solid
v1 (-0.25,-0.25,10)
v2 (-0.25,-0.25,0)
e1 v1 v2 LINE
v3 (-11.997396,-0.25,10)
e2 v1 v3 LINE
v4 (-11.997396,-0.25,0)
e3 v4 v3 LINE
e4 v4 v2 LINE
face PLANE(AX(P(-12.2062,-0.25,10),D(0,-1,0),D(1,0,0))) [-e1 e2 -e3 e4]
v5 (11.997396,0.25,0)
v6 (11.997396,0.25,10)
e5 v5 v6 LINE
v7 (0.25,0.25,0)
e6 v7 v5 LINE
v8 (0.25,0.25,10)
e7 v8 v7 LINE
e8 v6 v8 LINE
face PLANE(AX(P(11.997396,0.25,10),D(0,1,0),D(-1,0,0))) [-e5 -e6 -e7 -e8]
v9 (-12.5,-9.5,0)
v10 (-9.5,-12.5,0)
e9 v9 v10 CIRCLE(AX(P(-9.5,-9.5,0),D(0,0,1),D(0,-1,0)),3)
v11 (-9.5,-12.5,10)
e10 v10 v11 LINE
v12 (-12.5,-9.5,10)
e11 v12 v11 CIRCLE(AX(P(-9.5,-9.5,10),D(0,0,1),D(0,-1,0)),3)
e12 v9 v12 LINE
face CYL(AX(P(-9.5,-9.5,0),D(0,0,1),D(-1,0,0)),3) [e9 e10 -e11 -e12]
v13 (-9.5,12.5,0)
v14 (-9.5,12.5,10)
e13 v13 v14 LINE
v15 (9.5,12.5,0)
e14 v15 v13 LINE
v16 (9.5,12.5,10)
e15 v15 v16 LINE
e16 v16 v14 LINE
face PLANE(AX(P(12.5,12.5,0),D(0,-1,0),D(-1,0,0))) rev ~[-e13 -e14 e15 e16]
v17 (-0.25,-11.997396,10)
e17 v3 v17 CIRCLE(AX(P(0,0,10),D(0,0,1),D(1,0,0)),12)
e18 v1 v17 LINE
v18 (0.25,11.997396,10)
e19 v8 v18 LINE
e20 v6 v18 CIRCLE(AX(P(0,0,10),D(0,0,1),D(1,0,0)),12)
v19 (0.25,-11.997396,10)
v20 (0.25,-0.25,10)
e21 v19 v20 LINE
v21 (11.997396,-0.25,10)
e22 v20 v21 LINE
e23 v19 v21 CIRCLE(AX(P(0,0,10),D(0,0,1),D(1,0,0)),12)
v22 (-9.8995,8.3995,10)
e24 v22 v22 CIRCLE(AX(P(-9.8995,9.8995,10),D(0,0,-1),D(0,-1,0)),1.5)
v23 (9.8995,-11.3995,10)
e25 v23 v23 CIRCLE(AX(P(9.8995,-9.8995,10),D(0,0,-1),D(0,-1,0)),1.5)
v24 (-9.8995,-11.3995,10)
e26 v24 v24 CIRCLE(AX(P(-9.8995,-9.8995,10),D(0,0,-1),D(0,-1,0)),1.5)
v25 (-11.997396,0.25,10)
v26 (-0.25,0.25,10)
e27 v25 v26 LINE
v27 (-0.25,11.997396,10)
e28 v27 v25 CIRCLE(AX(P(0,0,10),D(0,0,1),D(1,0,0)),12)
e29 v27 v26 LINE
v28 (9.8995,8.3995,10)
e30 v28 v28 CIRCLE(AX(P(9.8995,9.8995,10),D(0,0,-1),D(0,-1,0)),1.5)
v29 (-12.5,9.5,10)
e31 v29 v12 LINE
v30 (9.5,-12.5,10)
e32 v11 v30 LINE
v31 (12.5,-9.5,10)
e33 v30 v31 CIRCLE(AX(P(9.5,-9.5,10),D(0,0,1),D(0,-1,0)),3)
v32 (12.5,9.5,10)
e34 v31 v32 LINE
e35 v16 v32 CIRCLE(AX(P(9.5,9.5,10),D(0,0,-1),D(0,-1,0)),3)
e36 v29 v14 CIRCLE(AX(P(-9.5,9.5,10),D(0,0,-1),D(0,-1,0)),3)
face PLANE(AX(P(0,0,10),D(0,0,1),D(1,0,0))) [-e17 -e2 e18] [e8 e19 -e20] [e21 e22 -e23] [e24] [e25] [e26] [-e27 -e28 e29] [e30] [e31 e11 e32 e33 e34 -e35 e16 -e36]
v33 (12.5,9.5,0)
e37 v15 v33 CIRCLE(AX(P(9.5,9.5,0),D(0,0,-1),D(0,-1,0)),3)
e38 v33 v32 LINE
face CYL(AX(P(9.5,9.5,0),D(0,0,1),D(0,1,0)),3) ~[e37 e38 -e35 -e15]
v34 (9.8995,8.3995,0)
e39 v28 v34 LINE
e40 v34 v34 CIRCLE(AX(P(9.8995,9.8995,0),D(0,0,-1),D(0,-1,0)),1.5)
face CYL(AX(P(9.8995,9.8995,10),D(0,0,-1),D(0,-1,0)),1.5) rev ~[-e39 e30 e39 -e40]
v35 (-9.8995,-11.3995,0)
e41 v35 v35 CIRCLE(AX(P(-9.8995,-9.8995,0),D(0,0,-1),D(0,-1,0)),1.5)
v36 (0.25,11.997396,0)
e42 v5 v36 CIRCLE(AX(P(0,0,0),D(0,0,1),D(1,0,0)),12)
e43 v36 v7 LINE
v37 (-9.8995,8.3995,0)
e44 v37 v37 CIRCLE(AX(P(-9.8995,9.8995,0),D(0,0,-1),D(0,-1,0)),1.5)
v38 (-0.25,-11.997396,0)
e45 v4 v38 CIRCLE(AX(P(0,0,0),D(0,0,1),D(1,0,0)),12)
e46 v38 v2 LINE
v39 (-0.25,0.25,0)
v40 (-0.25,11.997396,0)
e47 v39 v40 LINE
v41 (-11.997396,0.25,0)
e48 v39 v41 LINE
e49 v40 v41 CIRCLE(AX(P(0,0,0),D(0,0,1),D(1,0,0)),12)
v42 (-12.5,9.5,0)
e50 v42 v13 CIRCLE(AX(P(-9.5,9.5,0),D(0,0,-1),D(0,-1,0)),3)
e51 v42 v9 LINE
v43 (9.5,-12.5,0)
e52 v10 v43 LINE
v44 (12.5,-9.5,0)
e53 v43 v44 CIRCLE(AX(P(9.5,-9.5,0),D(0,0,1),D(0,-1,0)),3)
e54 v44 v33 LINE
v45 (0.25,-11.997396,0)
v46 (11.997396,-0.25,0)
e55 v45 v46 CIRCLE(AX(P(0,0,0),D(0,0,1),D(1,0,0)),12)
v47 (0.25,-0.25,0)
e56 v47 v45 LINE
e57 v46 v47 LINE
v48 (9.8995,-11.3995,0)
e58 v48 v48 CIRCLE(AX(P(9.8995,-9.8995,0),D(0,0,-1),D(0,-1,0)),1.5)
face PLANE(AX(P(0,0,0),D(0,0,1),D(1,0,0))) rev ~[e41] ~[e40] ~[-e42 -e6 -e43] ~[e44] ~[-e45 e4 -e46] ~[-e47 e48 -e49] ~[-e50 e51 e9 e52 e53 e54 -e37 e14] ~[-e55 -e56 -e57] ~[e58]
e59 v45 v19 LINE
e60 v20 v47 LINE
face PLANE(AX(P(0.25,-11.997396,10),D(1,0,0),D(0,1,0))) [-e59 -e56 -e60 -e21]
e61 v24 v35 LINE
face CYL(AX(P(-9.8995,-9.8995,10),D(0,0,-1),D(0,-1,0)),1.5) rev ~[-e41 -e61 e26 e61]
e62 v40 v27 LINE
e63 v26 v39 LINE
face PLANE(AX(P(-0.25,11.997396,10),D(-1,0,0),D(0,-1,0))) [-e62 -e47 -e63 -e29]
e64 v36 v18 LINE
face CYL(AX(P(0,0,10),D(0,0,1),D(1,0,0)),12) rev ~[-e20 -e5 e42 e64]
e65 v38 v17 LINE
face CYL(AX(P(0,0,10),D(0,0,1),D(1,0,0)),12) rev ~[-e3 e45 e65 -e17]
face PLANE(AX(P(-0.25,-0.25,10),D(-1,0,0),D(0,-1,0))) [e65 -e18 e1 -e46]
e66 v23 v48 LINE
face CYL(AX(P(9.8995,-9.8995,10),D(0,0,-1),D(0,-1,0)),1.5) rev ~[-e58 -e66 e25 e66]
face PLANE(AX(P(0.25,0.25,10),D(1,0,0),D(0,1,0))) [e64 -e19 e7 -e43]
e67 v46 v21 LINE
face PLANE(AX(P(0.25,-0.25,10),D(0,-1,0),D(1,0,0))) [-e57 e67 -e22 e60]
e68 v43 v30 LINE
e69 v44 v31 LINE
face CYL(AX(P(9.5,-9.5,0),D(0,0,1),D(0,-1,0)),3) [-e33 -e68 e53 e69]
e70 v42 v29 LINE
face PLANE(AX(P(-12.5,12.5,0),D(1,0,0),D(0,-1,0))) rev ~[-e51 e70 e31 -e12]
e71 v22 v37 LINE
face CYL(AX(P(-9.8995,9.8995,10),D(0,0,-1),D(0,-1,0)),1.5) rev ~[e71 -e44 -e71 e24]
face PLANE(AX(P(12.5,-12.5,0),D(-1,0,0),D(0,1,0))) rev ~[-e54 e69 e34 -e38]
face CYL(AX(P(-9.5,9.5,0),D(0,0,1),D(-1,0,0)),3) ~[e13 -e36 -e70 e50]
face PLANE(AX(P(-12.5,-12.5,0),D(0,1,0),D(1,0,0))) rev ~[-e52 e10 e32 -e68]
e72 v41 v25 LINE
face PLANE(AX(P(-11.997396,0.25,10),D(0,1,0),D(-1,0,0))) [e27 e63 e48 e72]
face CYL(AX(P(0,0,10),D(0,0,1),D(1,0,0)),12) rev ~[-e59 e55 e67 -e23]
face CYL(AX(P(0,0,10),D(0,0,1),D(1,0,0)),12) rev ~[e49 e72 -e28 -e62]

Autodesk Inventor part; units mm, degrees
ref_plane "YZ Plane" through (0, 0, 0) normal (1, 0, 0) x (0, 1, 0)
ref_plane "XZ Plane" through (0, 0, 0) normal (0, 1, 0) x (-1, 0, 0)
ref_plane "XY Plane" through (0, 0, 0) normal (0, 0, 1) x (1, 0, 0)
sketch "Sketch1" plane through (0, 0, 0) normal (0, 0, 1) x (1, 0, 0)
  line L0 (-12.5, -12.5) -> (12.5, -12.5)
  line L1 (12.5, -12.5) -> (12.5, 12.5)
  line L2 (12.5, 12.5) -> (-12.5, 12.5)
  line L3 (-12.5, 12.5) -> (-12.5, -12.5)
  line L4 (-12.5, -12.5) -> (12.5, 12.5) construction
  line L5 (12.5, -12.5) -> (-12.5, 12.5) construction
  point P0 (0, 0)
  dimension "d0" = 25
  dimension "d1" = 25
extrude "Extrusion1" add sketch "Sketch1" along normal blind 10
sketch "Sketch2" plane through (0, 0, 10) normal (0, 0, 1) x (1, 0, 0)
  circle A0 centre (0, 0) radius 14 construction
  line L0 (0, 0) -> (-9.8995, 9.8995) construction
  line L1 (-19.6, 0) -> (19.6, 0) construction
  line L2 (0, -19.6) -> (0, 19.6) construction
  point P0 (-9.8995, -9.8995)
  point P1 (9.8995, -9.8995)
  point P2 (9.8995, 9.8995)
  dimension "d4" = 28
  dimension "d5" = 45
  dimension "d8" = 360
hole "Hole1" at (-9.8995, 9.8995, 10) at (-9.8995, -9.8995, 10) at (9.8995, -9.8995, 10) at (9.8995, 9.8995, 10) direction (0, 0, -1) diameter 3 depth 15.25 tip angle 118
fillet "Fillet1" radius 3 4 edges at (-12.5, 12.5, 5) (12.5, 12.5, 5) (12.5, -12.5, 5) (-12.5, -12.5, 5)
sketch "Sketch3" plane through (0, 0, 10) normal (0, 0, 1) x (1, 0, 0)
  circle A0 centre (0, 0) radius 12
  dimension "d18" = 24
extrude "Extrusion2" cut sketch "Sketch3" against normal blind 10
sketch "Sketch4" plane through (0, 0, 10) normal (0, 0, 1) x (1, 0, 0)
  line L0 (-12.2062, -0.25) -> (12.2062, -0.25)
  line L1 (12.2062, -0.25) -> (12.2062, 0.25)
  line L2 (12.2062, 0.25) -> (-12.2062, 0.25)
  line L3 (-12.2062, 0.25) -> (-12.2062, -0.25)
  line L4 (-12.2062, -0.25) -> (12.2062, 0.25) construction
  line L5 (12.2062, -0.25) -> (-12.2062, 0.25) construction
  line L6 (-0.25, -12.2062) -> (0.25, -12.2062)
  line L7 (0.25, -12.2062) -> (0.25, 12.2062)
  line L8 (0.25, 12.2062) -> (-0.25, 12.2062)
  line L9 (-0.25, 12.2062) -> (-0.25, -12.2062)
  circle A0 centre (0, 0) radius 12 projected
  line L10 (-0.25, -12.2062) -> (0.25, 12.2062) construction
  line L11 (0.25, -12.2062) -> (-0.25, 12.2062) construction
  dimension "d21" = 0.5
  dimension "d22" = 0.5
extrude "Extrusion3" add sketch "Sketch4" against normal blind 10 contours L3 L2 A0 L0 | A0 L2 L9 L0 | L9 L2 L7 L0 | L0 L7 A0 L9 | A0 L7 L6 L9 | L7 L2 A0 L0 | L9 A0 L7 L2 | L9 L8 L7 A0 | A0 L2 L1 L0
properties part number "Fan"
